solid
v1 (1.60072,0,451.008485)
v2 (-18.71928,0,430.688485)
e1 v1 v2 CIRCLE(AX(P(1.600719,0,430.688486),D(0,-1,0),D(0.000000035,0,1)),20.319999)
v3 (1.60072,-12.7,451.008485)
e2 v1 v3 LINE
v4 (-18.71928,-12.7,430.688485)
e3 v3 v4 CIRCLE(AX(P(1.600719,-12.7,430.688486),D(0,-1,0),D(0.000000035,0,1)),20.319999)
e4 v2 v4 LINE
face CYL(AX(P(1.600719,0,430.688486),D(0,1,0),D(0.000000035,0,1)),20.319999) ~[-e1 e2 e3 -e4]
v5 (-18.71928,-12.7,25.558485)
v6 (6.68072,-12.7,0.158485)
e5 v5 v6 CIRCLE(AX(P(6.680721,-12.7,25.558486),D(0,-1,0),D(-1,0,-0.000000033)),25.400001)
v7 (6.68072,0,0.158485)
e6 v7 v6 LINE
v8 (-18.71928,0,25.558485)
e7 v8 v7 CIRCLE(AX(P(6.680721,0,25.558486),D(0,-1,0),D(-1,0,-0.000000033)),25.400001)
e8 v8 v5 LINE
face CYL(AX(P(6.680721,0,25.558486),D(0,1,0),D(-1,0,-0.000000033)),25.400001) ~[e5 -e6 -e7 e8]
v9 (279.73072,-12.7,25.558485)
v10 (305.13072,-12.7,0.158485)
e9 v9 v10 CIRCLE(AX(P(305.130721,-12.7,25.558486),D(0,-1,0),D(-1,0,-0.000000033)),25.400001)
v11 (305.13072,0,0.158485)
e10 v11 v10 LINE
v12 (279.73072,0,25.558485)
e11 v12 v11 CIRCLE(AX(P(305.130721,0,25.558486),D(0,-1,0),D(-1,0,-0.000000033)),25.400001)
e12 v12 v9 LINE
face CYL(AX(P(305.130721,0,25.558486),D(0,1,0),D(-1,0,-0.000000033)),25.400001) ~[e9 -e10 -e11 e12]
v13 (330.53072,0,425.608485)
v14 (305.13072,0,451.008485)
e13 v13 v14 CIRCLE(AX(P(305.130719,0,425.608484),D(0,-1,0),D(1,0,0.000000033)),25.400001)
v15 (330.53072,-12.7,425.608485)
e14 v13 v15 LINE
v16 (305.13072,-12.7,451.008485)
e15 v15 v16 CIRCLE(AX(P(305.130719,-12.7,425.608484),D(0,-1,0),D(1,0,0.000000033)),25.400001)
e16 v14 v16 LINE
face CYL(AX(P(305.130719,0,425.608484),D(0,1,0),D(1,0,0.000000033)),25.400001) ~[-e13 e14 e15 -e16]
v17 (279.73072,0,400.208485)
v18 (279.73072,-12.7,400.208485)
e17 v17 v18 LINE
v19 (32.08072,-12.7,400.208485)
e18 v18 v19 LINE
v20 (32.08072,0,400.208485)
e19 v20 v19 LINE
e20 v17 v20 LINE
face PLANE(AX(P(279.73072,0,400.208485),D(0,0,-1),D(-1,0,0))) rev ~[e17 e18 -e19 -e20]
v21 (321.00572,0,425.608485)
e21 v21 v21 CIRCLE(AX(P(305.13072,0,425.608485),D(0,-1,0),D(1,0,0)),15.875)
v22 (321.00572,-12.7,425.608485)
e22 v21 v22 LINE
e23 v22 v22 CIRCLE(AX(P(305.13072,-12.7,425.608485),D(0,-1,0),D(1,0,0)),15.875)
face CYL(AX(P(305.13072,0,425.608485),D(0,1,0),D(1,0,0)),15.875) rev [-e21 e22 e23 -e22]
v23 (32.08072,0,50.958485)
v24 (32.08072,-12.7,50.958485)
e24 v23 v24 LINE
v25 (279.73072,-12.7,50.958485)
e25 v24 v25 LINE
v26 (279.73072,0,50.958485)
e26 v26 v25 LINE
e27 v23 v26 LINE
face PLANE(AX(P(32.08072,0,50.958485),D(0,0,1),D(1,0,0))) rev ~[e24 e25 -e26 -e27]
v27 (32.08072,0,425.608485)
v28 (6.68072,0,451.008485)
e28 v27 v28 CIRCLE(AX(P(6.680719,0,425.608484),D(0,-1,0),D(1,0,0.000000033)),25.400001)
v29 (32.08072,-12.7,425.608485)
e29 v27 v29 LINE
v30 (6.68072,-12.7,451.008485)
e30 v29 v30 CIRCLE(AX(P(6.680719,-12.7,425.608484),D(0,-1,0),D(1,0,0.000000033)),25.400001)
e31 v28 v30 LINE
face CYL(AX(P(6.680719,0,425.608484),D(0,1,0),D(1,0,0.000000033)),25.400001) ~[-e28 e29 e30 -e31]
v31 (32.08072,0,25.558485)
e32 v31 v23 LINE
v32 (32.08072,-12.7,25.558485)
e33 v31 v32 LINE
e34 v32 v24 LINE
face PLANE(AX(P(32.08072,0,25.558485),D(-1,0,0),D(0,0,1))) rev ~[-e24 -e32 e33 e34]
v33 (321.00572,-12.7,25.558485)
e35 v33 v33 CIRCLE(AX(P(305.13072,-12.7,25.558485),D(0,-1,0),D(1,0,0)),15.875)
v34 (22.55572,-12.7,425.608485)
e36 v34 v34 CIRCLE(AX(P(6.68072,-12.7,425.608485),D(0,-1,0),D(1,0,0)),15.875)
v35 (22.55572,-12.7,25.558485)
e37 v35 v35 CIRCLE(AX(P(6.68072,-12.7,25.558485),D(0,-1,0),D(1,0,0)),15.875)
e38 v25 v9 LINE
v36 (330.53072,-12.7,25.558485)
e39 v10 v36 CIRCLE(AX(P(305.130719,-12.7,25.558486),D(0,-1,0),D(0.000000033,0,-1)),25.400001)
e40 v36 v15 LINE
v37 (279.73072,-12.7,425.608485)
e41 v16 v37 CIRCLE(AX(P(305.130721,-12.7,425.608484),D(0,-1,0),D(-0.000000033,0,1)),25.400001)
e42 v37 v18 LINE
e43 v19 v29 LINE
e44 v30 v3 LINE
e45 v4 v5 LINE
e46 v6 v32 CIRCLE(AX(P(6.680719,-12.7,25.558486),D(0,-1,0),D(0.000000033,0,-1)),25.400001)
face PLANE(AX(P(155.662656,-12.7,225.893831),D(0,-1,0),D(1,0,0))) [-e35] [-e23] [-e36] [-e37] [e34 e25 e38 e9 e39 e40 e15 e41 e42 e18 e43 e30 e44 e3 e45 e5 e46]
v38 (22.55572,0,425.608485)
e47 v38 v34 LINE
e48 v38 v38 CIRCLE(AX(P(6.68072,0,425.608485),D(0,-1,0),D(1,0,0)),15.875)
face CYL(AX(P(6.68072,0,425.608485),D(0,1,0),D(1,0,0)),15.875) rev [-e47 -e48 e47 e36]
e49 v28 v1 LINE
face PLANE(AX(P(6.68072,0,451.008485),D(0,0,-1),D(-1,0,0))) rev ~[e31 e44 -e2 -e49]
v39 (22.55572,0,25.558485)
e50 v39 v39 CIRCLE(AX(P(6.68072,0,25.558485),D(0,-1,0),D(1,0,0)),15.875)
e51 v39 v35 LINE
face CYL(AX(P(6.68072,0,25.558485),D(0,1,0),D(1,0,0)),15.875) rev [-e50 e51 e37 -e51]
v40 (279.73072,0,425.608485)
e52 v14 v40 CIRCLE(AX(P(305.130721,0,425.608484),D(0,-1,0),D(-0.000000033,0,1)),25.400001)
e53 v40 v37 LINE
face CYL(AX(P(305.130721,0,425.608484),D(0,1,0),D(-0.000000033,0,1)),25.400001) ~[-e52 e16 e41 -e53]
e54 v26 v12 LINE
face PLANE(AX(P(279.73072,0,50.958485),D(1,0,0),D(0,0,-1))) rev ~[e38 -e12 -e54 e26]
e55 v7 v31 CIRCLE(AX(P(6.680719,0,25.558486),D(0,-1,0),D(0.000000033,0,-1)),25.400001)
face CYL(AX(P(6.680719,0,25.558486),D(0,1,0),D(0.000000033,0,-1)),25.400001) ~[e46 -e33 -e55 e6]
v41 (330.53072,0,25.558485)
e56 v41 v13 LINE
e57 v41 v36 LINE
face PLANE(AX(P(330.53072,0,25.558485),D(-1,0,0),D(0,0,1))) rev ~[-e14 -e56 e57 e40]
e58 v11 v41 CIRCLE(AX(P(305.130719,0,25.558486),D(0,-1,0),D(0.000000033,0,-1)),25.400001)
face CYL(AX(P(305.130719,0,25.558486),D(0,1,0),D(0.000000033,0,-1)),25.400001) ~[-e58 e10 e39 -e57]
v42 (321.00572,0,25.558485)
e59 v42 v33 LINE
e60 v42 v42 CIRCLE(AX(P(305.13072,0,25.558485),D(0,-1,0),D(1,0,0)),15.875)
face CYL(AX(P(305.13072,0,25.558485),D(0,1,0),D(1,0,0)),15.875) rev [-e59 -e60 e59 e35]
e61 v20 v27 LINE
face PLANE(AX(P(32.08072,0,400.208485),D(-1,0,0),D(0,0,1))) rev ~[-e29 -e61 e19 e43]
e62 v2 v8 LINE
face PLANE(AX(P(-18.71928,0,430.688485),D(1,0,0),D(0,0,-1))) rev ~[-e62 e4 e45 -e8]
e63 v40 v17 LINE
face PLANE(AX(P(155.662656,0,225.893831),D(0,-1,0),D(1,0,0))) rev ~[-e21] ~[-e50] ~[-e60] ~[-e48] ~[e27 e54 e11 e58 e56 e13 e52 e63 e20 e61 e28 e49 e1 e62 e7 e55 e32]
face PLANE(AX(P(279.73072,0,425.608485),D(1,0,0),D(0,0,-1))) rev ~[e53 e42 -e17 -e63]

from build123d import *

# Parameters (mm, degrees)
F0_R     = 15.875
F1_DEPTH = 12.7


with BuildPart() as f1:
    # F0 (on Front) → F1 (new body)
    with BuildSketch(Plane.XZ):
        with BuildLine():
            Line((6.68072, 451.008485), (1.60072, 451.008485))
            ThreePointArc((1.60072, 451.008485), (-12.76769, 445.056895), (-18.71928, 430.688485))
            Line((-18.71928, 430.688485), (-18.71928, 25.558485))
            ThreePointArc((-18.71928, 25.558485), (-11.279792, 7.597973), (6.68072, 0.158485))
            ThreePointArc((6.68072, 0.158485), (24.641232, 7.597973), (32.08072, 25.558485))
            Line((32.08072, 25.558485), (32.08072, 50.958485))
            Line((32.08072, 50.958485), (279.73072, 50.958485))
            Line((279.73072, 50.958485), (279.73072, 25.558485))
            ThreePointArc((279.73072, 25.558485), (287.170208, 7.597973), (305.13072, 0.158485))
            ThreePointArc((305.13072, 0.158485), (323.091232, 7.597973), (330.53072, 25.558485))
            Line((330.53072, 25.558485), (330.53072, 425.608485))
            ThreePointArc((330.53072, 425.608485), (323.091232, 443.568997), (305.13072, 451.008485))
            ThreePointArc((305.13072, 451.008485), (287.170208, 443.568997), (279.73072, 425.608485))
            Line((279.73072, 425.608485), (279.73072, 400.208485))
            Line((279.73072, 400.208485), (32.08072, 400.208485))
            Line((32.08072, 400.208485), (32.08072, 425.608485))
            ThreePointArc((32.08072, 425.608485), (24.641232, 443.568997), (6.68072, 451.008485))
        make_face()
        with Locations((6.68072, 25.558485)):
            Circle(F0_R, mode=Mode.SUBTRACT)
        with Locations((305.13072, 25.558485)):
            Circle(F0_R, mode=Mode.SUBTRACT)
        with Locations((6.68072, 425.608485)):
            Circle(F0_R, mode=Mode.SUBTRACT)
        with Locations((305.13072, 425.608485)):
            Circle(F0_R, mode=Mode.SUBTRACT)
    extrude(amount=F1_DEPTH)


solid = f1.part
